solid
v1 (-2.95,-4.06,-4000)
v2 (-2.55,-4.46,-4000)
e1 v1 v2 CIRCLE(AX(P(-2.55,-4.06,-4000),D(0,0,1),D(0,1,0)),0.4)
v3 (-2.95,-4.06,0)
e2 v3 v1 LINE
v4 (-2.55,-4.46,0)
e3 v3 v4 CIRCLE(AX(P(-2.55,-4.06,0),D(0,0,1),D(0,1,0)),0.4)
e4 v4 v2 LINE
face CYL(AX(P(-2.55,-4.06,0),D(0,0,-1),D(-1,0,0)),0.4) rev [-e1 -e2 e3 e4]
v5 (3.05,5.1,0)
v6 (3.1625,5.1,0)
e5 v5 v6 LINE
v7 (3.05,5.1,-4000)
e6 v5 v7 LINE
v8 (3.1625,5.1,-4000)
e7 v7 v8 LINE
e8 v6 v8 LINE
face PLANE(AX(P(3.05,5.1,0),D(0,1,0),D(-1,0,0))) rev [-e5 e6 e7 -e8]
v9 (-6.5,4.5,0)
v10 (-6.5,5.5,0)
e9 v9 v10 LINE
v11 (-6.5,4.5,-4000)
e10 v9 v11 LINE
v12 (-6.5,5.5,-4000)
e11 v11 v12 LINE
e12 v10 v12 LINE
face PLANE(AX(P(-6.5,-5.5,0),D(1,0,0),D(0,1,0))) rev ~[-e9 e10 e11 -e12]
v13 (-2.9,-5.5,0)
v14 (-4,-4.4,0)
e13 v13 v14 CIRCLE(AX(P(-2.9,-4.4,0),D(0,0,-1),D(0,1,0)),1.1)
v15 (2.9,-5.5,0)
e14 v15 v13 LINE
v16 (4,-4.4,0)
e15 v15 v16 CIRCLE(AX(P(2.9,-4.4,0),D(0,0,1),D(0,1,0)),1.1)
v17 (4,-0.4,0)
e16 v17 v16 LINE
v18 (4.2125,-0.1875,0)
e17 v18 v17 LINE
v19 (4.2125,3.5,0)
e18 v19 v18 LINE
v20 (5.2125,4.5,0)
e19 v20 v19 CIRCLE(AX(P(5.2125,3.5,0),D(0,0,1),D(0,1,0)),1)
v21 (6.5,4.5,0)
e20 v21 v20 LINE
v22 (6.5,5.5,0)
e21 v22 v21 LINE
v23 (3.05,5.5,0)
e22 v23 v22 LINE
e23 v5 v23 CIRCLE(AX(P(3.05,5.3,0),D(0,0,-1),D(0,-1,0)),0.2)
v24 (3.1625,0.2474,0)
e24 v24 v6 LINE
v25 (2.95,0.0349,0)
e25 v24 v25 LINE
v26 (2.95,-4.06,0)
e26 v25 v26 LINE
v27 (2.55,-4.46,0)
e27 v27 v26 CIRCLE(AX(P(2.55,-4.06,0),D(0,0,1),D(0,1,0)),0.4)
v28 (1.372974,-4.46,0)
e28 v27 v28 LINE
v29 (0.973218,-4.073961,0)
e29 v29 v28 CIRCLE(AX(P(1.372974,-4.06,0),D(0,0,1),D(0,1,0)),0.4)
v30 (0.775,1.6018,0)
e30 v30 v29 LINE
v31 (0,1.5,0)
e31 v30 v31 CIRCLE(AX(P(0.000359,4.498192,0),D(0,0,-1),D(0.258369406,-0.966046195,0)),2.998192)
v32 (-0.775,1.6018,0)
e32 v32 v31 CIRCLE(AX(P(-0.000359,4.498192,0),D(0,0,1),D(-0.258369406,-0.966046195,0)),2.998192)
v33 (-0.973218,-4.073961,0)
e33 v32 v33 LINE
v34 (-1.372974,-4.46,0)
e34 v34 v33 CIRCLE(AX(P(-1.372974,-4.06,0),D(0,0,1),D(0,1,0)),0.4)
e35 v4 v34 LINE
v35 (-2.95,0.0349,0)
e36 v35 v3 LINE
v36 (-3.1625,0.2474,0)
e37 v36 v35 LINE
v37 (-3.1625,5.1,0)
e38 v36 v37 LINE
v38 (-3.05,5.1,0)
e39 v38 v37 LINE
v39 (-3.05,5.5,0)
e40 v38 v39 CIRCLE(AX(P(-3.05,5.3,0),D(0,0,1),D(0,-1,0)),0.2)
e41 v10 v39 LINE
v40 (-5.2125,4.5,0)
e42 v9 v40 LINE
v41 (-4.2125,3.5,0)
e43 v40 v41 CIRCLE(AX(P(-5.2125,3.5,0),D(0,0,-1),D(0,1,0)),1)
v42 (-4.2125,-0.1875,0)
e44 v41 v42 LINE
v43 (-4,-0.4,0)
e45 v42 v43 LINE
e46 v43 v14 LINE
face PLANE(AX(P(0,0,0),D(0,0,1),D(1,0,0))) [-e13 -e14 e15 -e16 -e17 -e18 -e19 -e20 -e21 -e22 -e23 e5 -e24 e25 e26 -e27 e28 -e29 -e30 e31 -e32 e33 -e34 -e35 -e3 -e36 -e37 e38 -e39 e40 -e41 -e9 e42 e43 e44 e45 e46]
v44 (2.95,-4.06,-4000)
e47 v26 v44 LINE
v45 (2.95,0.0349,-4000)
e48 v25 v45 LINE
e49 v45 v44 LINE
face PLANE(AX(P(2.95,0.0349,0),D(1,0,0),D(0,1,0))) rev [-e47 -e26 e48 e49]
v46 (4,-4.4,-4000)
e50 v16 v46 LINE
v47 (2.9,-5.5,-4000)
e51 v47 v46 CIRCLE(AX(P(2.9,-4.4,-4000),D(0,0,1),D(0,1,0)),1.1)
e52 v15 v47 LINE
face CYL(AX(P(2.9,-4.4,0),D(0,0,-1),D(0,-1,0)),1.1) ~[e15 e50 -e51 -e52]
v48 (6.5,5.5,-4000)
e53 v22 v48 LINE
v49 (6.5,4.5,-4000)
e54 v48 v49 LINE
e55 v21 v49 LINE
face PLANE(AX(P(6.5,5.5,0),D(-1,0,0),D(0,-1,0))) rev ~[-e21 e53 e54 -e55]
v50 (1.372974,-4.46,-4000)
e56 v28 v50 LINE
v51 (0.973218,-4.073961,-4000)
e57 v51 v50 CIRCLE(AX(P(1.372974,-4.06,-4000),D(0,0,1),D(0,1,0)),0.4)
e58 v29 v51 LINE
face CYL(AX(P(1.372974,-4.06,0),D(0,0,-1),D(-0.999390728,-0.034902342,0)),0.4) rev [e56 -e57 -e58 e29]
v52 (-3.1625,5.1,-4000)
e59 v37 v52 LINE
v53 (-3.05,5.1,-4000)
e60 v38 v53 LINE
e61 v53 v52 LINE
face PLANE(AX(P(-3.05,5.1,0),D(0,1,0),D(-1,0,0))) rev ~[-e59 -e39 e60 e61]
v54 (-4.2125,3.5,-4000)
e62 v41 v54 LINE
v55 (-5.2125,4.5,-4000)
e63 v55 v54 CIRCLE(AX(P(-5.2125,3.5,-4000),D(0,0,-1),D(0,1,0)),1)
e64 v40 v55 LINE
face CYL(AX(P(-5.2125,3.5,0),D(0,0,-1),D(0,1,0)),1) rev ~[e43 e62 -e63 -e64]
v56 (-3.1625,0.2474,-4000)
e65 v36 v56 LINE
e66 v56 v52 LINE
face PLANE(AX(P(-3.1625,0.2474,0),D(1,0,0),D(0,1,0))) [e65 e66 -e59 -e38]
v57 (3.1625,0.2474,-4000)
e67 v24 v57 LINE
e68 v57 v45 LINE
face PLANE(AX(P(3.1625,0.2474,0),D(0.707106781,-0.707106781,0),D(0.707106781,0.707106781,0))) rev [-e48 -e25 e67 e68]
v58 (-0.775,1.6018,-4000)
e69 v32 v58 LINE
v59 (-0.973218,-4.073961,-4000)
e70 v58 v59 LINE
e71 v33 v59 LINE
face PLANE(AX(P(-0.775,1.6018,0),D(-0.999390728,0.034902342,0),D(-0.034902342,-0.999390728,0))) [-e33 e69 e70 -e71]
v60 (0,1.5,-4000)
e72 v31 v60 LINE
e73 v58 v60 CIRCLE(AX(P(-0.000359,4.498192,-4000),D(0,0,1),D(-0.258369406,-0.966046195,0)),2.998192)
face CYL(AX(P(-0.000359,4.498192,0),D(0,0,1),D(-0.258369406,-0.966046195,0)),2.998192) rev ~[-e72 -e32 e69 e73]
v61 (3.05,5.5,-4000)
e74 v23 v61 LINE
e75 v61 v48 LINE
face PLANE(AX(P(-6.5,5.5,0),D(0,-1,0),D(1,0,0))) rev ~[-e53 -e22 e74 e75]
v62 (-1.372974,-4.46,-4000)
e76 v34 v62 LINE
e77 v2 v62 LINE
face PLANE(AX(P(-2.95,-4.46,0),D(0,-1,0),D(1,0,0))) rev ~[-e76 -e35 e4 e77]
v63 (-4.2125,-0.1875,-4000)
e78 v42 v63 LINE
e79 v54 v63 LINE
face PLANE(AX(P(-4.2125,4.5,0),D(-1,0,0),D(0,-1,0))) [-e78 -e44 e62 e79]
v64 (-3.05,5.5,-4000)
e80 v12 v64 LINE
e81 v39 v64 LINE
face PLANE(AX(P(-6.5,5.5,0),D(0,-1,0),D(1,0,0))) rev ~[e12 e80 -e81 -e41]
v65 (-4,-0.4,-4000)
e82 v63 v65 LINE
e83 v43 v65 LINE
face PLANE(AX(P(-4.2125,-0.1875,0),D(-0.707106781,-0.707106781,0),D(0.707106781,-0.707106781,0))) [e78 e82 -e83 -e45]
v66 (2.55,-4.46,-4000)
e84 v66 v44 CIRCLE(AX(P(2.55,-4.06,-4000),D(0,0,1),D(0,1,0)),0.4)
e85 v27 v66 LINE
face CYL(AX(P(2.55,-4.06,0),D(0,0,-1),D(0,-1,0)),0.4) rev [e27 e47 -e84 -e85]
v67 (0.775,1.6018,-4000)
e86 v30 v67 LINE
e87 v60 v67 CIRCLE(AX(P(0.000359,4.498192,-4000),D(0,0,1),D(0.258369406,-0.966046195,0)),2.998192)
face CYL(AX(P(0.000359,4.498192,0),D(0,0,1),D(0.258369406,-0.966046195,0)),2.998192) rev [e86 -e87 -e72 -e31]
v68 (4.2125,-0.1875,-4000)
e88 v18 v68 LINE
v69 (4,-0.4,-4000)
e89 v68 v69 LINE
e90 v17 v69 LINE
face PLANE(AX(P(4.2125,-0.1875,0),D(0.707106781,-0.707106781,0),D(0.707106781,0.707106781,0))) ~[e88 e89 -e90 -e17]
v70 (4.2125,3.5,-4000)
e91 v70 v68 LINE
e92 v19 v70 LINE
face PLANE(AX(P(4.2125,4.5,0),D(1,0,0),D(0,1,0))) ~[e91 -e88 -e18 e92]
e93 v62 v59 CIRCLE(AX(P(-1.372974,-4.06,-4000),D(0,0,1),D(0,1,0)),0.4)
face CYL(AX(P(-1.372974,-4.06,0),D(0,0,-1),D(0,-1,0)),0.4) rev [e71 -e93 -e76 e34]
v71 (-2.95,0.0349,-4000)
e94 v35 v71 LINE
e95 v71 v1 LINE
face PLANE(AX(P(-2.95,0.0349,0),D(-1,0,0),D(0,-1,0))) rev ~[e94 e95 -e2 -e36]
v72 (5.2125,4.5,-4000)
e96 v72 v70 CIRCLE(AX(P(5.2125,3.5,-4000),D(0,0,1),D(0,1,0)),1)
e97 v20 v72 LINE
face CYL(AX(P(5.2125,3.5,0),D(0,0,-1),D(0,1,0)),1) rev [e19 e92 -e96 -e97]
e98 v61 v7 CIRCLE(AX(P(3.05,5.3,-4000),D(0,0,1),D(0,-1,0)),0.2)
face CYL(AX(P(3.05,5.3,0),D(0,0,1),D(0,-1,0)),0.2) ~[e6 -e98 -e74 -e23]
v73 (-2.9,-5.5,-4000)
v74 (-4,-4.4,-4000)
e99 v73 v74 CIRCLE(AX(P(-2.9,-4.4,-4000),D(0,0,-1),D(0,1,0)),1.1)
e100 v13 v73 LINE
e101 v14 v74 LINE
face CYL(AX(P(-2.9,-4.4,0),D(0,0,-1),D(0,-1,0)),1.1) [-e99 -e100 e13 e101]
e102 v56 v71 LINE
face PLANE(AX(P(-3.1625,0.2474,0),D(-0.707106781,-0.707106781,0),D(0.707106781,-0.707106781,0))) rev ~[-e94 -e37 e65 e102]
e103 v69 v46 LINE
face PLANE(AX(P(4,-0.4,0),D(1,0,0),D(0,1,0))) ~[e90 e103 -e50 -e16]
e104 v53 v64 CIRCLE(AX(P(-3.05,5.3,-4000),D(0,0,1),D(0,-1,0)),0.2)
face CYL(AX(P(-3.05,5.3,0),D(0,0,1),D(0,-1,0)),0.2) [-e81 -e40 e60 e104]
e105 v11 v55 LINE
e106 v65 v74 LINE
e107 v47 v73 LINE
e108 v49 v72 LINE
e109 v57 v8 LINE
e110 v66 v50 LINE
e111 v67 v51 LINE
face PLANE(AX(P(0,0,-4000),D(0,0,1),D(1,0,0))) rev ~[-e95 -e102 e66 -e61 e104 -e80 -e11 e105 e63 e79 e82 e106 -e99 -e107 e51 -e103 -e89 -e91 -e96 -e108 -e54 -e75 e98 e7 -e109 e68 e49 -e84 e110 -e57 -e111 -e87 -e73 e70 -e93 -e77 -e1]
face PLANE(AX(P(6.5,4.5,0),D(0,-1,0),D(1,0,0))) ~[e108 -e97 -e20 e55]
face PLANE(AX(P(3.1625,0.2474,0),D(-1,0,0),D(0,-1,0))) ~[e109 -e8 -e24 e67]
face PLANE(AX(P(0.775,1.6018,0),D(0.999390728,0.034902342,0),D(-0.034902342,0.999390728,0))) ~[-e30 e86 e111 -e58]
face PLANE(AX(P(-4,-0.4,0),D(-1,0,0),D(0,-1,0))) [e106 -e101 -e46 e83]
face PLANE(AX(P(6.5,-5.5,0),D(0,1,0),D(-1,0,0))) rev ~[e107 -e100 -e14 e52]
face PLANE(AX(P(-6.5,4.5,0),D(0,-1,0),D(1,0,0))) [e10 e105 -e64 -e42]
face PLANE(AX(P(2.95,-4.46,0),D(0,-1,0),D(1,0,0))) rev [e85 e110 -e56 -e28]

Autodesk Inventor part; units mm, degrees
ref_plane "YZ Plane" through (0, 0, 0) normal (1, 0, 0) x (0, 1, 0)
ref_plane "XY Plane" through (0, 0, 0) normal (0, 0, 1) x (1, 0, 0)
sketch "Sketch1" plane through (0, 0, 0) normal (0, 0, 1) x (1, 0, 0)
  line L0 (-6.5, 5.5) -> (6.5, 5.5)
  line L1 (6.5, 5.5) -> (6.5, -5.5)
  line L2 (6.5, -5.5) -> (-6.5, -5.5)
  line L3 (-6.5, -5.5) -> (-6.5, 5.5)
  point P0 (0, 0)
  dimension "d0" = 13
  dimension "d1" = 11
  dimension "d2" = 6.5
  dimension "d3" = 5.5
extrude "Extrusion1" add sketch "Sketch1" against normal blind 4000
sketch "Sketch2" plane through (0, 0, 0) normal (0, 0, 1) x (1, 0, 0)
  line L0 (-6.5, 5.5) -> (6.5, 5.5) projected
  line L1 (-6.5, -5.5) -> (-6.5, 5.5) projected
  line L2 (6.5, -5.5) -> (-6.5, -5.5) projected
  line L3 (6.5, 5.5) -> (6.5, -5.5) projected
  line L4 (-6.5, 4.5) -> (-4.2125, 4.5)
  line L5 (-4.2125, 4.5) -> (-4.2125, -0.1875)
  line L6 (-4.2125, -0.1875) -> (-4, -0.4)
  line L7 (-4, -0.4) -> (-4, -5.5)
  line L8 (0, 7.7) -> (0, -7.7) projected
  line L9 (-6.5, 4.5) -> (-6.5, -5.5)
  line L10 (-6.5, -5.5) -> (-4, -5.5)
  dimension "d6" = 1
  dimension "d7" = 8.425
  dimension "d8" = 8
  dimension "d9" = 135
  dimension "d10" = 5.1
extrude "Extrusion2" cut sketch "Sketch2" against normal through all contours L4 L5 L6 L7 L2 L1
fillet "Fillet1" radius 1 1 edges at (-4.2125, 4.5, -2000)
fillet "Fillet1" radius 1.1 1 edges at (-4, -5.5, -2000)
mirror "Mirror1" about plane through (0, 0, 0) normal (1, 0, 0) of "Extrusion2", "Fillet1"
sketch "Sketch3" plane through (0, 0, 0) normal (0, 0, 1) x (1, 0, 0)
  line L0 (-6.5, 5.5) -> (6.5, 5.5) projected
  line L1 (-4.2125, 3.5) -> (-4.2125, -0.1875) projected
  line L2 (-4.2125, -0.1875) -> (-4, -0.4) projected
  line L3 (-4, -0.4) -> (-4, -4.4) projected
  line L4 (2.9, -5.5) -> (-2.9, -5.5) projected
  arc A0 (-3.05, 5.1) -> (-3.05, 5.5) centre (-3.05, 5.3) ccw
  line L5 (-3.1625, 0.2474) -> (-2.95, 0.0349)
  line L6 (-2.95, 0.0349) -> (-2.95, -4.46)
  line L7 (-2.95, -4.46) -> (-0.9867, -4.46)
  line L8 (0, 7.7) -> (0, -7.7) projected
  line L9 (-3.1625, 0.2474) -> (-3.1625, 5.1)
  line L10 (-3.05, 5.1) -> (-3.1625, 5.1)
  line L11 (-0.775, 1.6018) -> (-0.9867, -4.46)
  line L12 (0, 1.5) -> (0, -5.5)
  arc A1 (-0.775, 1.6018) -> (0, 1.5) centre (0, 4.5) ccw
  line L13 (0, 1.5) -> (0, 5.5)
  line L14 (0, 5.5) -> (-3.05, 5.5)
  dimension "d15" = 0.4
  dimension "d16" = 1
  dimension "d18" = 5.7
  dimension "d19" = 1.05
  dimension "d20" = 1.05
  dimension "d21" = 1.05
  dimension "d22" = 92
  dimension "d23" = 1.04
  dimension "d24" = 1.55
  dimension "d25" = 3
extrude "Extrusion3" cut sketch "Sketch3" against normal through all
mirror "Mirror2" about plane through (0, 0, 0) normal (1, 0, 0) of "Extrusion3"
fillet "Fillet2" radius 0.4 4 edges at (-2.95, -4.46, -2000) (-0.9867, -4.46, -2000) (0.9867, -4.46, -2000) (2.95, -4.46, -2000)
ref_plane "Side1" through (-6.5, 4.5, 0) normal (0, -1, 0) x (1, 0, 0)
ref_plane "T-Slot1" through (0, 5.5, 0) normal (1, 0, 0) x (0, 0, -1)
ref_plane "Side3" through (-6.5, 5.5, 0) normal (0, 1, 0) x (-1, 0, 0)
ref_plane "Side2" through (6.5, 5.5, 0) normal (1, 0, 0) x (0, 1, 0)
ref_plane "Piano di lavoro5" through (0, 1.5, 0) normal (0, 1, 0) x (-1, 0, 0)
equation "\"d2\" = 0.5 * d0"
equation "\"d3\" = 0.5 * d1"
equation "\"d4\" = Ex_Length"
equation "\"Ex_Length\" = 4000"
properties part number "13-106" material "Alluminio - 6061"
